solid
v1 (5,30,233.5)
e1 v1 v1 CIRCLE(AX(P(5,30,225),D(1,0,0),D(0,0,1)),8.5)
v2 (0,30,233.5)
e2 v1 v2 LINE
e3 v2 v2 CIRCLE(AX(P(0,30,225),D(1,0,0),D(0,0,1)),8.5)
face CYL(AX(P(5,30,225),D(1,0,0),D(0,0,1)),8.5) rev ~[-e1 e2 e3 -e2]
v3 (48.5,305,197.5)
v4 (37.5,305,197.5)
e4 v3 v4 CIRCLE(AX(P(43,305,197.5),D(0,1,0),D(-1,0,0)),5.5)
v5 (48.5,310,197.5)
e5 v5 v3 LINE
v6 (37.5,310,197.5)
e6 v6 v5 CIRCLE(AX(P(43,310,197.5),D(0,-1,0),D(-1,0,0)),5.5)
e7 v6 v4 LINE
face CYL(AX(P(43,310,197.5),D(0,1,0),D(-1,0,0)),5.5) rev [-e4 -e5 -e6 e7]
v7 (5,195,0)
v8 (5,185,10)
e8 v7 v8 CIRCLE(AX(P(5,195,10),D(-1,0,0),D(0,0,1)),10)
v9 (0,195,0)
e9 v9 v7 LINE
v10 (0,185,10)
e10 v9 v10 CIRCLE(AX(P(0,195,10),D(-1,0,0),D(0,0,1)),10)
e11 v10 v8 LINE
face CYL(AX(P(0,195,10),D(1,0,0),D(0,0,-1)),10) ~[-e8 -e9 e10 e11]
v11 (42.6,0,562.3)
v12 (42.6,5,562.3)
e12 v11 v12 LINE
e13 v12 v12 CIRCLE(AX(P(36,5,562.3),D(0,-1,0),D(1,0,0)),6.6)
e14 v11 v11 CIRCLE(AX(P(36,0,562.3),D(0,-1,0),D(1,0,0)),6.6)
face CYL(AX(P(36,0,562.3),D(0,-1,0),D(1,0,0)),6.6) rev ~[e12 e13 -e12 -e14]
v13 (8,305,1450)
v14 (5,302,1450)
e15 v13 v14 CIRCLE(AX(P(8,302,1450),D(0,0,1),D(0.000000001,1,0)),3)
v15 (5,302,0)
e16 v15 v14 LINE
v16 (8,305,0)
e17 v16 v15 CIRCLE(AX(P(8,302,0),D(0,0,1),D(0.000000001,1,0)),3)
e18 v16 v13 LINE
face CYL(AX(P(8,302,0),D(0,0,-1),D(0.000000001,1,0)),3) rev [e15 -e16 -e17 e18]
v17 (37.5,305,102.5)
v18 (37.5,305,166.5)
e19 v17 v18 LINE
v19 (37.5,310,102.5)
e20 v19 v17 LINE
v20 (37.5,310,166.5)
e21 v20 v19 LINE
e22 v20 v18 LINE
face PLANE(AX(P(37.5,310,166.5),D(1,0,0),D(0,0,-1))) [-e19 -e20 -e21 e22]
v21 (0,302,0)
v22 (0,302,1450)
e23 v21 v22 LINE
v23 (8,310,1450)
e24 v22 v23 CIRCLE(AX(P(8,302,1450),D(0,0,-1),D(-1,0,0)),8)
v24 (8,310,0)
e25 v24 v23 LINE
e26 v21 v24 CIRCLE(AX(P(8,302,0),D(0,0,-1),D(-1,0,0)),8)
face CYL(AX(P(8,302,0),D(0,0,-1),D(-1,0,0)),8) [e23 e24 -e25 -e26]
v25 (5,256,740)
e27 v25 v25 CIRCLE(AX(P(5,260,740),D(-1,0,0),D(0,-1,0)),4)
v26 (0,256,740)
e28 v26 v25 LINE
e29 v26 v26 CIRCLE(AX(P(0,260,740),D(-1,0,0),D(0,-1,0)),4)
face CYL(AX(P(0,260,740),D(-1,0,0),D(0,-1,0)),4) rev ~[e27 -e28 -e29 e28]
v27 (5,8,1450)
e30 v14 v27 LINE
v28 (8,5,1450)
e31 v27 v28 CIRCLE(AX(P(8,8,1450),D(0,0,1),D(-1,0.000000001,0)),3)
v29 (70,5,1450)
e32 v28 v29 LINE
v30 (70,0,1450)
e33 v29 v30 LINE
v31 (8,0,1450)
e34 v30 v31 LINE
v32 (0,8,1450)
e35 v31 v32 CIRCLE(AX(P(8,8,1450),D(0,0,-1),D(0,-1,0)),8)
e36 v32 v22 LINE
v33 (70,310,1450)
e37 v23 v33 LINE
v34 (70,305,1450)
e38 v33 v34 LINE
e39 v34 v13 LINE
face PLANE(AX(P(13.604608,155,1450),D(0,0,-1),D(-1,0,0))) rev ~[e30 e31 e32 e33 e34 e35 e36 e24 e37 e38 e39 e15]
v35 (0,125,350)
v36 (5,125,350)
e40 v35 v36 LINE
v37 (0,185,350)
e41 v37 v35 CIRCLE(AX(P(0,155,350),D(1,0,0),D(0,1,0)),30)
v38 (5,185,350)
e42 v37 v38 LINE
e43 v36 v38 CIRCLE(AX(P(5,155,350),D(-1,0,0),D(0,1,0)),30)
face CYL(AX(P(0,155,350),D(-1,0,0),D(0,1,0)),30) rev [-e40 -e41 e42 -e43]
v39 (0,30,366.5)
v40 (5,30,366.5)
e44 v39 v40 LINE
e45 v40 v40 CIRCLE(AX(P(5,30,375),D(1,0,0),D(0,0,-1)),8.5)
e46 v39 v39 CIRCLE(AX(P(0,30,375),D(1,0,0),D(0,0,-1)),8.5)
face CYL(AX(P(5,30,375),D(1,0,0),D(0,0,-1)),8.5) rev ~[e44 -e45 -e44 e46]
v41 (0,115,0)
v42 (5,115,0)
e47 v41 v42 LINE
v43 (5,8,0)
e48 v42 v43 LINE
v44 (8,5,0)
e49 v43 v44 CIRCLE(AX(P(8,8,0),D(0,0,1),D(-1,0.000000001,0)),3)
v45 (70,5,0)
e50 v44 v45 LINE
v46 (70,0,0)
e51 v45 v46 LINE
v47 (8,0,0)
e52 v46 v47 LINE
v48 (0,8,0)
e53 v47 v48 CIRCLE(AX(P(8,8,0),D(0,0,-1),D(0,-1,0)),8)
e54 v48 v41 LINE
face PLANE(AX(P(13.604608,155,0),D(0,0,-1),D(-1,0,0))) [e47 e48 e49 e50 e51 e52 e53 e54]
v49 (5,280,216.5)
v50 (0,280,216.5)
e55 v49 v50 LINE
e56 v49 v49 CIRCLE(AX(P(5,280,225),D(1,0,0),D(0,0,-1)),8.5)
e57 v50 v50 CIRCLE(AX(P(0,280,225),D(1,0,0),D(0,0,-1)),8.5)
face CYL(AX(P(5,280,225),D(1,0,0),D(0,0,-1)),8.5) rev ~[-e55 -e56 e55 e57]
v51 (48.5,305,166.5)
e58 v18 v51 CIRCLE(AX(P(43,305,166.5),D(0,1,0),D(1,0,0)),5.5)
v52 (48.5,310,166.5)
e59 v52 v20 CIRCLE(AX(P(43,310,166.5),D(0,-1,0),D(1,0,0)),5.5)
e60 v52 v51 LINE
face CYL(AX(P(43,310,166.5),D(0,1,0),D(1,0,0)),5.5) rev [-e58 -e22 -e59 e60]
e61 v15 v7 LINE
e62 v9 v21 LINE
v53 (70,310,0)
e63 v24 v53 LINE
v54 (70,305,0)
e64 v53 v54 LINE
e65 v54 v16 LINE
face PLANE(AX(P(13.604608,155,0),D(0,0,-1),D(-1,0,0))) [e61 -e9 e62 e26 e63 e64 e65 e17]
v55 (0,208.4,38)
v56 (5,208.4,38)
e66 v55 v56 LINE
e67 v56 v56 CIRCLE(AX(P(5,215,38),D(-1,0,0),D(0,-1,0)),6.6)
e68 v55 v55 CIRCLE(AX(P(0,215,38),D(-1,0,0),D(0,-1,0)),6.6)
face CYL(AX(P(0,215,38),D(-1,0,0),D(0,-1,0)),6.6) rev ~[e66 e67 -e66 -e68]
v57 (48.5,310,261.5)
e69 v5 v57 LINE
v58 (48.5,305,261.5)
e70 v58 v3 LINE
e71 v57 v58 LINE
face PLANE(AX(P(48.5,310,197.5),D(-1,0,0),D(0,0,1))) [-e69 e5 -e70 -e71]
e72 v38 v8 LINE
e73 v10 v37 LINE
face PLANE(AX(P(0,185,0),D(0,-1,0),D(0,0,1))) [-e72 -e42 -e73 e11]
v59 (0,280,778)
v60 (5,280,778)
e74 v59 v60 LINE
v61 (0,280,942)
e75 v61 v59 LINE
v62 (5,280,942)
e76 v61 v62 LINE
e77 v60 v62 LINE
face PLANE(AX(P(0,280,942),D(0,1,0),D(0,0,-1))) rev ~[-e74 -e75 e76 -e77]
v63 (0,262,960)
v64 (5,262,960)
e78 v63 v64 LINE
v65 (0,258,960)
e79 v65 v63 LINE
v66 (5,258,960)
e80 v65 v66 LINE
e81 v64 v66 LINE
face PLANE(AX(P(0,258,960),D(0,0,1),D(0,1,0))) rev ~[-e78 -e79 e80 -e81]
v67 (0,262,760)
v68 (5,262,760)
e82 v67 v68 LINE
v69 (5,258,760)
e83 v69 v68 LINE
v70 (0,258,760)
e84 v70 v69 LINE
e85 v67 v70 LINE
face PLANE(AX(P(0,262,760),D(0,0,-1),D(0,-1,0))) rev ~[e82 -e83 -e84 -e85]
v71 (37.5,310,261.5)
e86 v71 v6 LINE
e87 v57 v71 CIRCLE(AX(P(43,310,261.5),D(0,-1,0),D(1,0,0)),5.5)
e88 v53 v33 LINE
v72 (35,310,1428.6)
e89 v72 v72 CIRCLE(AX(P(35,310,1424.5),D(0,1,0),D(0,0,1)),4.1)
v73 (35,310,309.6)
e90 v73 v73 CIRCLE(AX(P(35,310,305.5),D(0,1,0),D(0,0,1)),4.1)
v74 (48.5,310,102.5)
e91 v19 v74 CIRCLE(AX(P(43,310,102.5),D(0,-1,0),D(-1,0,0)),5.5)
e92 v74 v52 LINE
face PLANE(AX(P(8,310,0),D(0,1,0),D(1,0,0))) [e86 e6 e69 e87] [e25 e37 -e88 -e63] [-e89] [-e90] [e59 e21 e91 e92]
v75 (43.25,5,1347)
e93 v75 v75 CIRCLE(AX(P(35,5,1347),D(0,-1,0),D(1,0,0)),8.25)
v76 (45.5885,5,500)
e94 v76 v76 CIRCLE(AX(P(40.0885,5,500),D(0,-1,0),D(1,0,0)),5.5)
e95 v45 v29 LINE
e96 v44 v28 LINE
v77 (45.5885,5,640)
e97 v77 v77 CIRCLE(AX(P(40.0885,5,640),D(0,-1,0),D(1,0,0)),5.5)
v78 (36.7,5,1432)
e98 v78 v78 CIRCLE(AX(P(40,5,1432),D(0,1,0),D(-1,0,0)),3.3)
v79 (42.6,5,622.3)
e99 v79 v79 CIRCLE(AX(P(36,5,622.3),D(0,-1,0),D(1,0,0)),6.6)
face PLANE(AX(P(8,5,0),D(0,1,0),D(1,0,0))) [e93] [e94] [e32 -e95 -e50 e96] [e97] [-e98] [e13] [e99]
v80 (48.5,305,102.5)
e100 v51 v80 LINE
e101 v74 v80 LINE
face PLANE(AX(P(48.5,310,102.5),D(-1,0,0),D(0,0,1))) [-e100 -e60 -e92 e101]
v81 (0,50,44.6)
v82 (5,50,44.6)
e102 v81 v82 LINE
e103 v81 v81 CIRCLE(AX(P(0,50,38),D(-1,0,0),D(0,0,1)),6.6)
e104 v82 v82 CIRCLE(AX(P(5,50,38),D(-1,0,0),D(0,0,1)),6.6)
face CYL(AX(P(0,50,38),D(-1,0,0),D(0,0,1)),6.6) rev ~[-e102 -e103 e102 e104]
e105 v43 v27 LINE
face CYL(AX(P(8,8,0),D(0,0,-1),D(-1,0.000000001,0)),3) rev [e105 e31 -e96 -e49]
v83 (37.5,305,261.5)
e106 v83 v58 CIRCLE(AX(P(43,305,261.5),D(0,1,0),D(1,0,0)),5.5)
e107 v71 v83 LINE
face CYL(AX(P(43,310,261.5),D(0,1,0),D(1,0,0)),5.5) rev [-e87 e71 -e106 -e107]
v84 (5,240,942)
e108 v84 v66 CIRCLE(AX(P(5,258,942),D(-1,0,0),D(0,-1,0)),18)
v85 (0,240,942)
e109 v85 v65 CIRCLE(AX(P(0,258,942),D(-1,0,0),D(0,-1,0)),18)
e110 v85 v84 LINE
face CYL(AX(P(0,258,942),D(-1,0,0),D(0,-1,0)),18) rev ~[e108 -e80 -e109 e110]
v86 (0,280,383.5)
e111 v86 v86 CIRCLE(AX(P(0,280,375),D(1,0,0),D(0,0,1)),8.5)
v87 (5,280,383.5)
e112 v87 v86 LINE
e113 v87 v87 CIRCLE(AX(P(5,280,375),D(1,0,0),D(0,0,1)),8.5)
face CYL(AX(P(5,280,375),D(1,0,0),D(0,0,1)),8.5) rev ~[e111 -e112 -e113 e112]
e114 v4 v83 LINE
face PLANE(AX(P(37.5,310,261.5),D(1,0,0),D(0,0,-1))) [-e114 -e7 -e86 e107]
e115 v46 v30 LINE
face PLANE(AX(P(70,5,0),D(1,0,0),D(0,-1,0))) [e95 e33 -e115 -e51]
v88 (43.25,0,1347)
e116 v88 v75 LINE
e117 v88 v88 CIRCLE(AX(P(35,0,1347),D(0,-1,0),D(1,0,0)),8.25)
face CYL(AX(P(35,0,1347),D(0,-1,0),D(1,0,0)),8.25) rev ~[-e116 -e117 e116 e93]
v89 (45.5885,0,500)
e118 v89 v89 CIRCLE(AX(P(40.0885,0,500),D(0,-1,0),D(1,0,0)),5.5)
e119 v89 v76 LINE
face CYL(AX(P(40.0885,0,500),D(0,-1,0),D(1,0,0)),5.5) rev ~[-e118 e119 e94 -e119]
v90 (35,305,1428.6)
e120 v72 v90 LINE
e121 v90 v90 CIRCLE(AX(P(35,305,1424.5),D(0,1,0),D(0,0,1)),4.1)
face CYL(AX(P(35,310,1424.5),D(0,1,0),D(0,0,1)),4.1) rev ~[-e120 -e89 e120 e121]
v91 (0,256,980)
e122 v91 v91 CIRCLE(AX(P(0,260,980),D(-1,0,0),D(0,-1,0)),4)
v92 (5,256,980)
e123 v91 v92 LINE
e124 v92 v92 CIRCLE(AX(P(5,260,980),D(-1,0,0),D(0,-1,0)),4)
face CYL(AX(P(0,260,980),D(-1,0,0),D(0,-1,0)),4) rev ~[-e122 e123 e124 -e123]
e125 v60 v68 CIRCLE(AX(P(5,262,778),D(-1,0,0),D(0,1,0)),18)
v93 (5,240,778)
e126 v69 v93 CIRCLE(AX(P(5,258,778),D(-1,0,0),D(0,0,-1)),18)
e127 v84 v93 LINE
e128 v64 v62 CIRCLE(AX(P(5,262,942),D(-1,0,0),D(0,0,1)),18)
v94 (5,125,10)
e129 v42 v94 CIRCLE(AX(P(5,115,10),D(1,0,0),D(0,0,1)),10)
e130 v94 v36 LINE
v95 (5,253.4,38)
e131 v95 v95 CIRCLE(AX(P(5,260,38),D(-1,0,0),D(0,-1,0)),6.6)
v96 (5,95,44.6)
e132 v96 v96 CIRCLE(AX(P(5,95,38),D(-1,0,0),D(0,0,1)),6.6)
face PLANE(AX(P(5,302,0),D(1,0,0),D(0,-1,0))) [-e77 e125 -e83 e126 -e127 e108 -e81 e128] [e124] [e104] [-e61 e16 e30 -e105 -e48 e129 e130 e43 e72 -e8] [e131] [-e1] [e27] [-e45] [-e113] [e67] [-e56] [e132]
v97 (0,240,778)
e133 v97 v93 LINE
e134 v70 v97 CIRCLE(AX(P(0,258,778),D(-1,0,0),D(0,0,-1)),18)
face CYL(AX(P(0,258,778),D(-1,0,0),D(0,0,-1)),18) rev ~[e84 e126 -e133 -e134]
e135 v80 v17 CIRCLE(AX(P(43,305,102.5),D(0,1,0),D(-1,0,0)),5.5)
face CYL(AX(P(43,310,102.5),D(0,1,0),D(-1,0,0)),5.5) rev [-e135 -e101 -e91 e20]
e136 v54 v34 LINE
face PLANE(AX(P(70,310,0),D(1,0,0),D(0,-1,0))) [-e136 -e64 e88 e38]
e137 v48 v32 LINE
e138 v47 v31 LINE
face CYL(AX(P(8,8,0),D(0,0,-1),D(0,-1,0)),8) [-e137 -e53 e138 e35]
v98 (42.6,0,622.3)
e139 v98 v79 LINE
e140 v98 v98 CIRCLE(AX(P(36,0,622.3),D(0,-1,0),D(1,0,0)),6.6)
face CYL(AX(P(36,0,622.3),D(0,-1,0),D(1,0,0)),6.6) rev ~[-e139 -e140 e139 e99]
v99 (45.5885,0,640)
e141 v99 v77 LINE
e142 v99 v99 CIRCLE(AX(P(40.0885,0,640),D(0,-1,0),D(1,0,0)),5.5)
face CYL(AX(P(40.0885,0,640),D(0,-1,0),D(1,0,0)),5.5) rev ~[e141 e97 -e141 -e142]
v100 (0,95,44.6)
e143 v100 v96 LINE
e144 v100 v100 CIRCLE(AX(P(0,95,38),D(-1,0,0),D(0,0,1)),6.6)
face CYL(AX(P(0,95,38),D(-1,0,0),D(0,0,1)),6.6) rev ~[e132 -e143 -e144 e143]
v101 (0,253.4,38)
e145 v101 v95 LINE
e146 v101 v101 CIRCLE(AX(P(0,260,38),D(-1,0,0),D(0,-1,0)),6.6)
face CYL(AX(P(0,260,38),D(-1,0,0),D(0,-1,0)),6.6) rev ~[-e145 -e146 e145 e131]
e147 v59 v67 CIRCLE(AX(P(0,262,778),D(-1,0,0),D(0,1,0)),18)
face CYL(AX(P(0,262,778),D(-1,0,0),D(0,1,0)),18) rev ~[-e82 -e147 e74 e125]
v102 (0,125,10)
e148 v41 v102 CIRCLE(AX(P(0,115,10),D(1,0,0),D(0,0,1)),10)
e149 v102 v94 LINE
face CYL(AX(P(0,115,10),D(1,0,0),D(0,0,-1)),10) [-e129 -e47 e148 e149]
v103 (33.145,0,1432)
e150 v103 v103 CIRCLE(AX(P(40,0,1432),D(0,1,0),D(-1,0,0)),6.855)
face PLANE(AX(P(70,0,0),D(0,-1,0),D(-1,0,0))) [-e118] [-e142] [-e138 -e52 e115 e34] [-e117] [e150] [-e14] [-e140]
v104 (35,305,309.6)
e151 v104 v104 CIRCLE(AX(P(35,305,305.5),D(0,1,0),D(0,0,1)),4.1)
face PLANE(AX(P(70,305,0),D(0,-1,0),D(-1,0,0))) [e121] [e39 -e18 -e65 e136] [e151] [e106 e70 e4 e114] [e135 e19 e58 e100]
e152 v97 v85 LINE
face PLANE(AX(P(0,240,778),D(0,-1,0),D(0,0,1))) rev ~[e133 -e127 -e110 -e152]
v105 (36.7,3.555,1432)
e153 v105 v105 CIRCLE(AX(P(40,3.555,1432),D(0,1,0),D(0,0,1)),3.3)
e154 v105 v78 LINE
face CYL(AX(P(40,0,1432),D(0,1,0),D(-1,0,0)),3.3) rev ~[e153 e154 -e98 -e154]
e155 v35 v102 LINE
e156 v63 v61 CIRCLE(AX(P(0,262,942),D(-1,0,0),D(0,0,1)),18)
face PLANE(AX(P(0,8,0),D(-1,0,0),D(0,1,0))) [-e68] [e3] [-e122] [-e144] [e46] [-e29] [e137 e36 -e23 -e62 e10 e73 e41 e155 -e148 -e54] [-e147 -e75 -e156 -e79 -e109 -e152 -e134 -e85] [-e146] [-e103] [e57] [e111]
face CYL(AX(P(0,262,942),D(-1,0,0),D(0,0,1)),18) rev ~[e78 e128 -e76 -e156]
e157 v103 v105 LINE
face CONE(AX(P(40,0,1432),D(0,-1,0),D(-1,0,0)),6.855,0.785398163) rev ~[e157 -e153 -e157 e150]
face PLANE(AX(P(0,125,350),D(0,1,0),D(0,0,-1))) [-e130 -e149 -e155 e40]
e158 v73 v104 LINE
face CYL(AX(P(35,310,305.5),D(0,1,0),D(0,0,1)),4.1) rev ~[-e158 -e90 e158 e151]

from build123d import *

# Parameters (mm, degrees)
EXTRUDE_1_DEPTH             = 1450
CUT_EXTRUDE_705_DEPTH       = 10
SKETCH_3_R                  = 8.5
CUT_EXTRUDE_1476_DEPTH      = 5
SKETCH_9_R                  = 4
CUT_EXTRUDE_2268_DEPTH      = 10
SKETCH_12_R                 = 6.6
CUT_EXTRUDE_3079_DEPTH      = 10
CUT_EXTRUDE_3564_DEPTH      = 10
SKETCH_17_R                 = 6.6
CUT_EXTRUDE_3911_DEPTH      = 10
FILLET_1_R                  = 10
SKETCH_21_R                 = 4.1
CUT_EXTRUDE_1_DEPTH         = 5
SKETCH_22_R                 = 5.5
CUT_EXTRUDE_4798_DEPTH      = 5
SKETCH_23_R                 = 8.25
CUT_EXTRUDE_5030_DEPTH      = 10
SKETCH_24_R                 = 4.1
CUT_EXTRUDE_2_DEPTH         = 10
HOLE_WIZARD_M61_D           = 6.6
HOLE_WIZARD_M61_DEPTH       = 10
HOLE_WIZARD_M61_CSINK_D     = 13.71
HOLE_WIZARD_M61_CSINK_ANGLE = 90
HOLE_WIZARD_M61_TIP         = 1.982840043


with BuildPart() as part:
    # Эскиз1 → Бобышка-Вытянуть1 (new body)
    with BuildSketch(Plane.XY):
        with BuildLine():
            Line((70, 0), (8, 0))
            ThreePointArc((8, 0), (2.343145751, 2.343145751), (0, 8))
            Line((0, 8), (0, 302))
            ThreePointArc((0, 302), (2.343145751, 307.656854249), (8, 310))
            Line((8, 310), (70, 310))
            Line((70, 310), (70, 305))
            Line((70, 305), (8, 305))
            ThreePointArc((8, 305), (5.878679656, 304.121320344), (5, 302))
            Line((5, 302), (5, 8))
            ThreePointArc((5, 8), (5.878679656, 5.878679656), (8, 5))
            Line((8, 5), (70, 5))
            Line((70, 5), (70, 0))
        make_face()
    extrude(amount=EXTRUDE_1_DEPTH)

    # Эскиз2 → Cut-Extrude 705 (cut)
    with BuildSketch(Plane.ZY):
        with BuildLine():
            Line((350, 125), (0, 125))
            Line((0, 125), (0, 185))
            Line((0, 185), (350, 185))
            ThreePointArc((350, 185), (380, 155), (350, 125))
        make_face()
    extrude(amount=-CUT_EXTRUDE_705_DEPTH, mode=Mode.SUBTRACT)

    # Эскиз3 → Cut-Extrude 1476 (cut, symmetric)
    with BuildSketch(Plane(origin=(5, 0, 0), x_dir=(0, 0, -1), z_dir=(1, 0, 0))):
        with Locations((-225, 280)):
            Circle(SKETCH_3_R)
        with Locations(Location((-225, 30, 0), (0, 0, 180))):
            Circle(SKETCH_3_R)
        with Locations(Location((-375, 280, 0), (0, 0, 180))):
            Circle(SKETCH_3_R)
        with Locations((-375, 30)):
            Circle(SKETCH_3_R)
    extrude(amount=CUT_EXTRUDE_1476_DEPTH, both=True, mode=Mode.SUBTRACT)

    # Эскиз9 → Cut-Extrude 2268 (cut)
    with BuildSketch(Plane.ZY):
        with Locations(Location((740, 260, 0), (0, 0, 270))):
            Circle(SKETCH_9_R)
        with Locations(Location((980, 260, 0), (0, 0, 270))):
            Circle(SKETCH_9_R)
        with BuildLine():
            Line((778, 240), (942, 240))
            ThreePointArc((942, 240), (954.727922061, 245.272077939), (960, 258))
            Line((960, 258), (960, 262))
            ThreePointArc((960, 262), (954.727922061, 274.727922061), (942, 280))
            Line((942, 280), (778, 280))
            ThreePointArc((778, 280), (765.272077939, 274.727922061), (760, 262))
            Line((760, 262), (760, 258))
            ThreePointArc((760, 258), (765.272077939, 245.272077939), (778, 240))
        make_face()
    extrude(amount=-CUT_EXTRUDE_2268_DEPTH, mode=Mode.SUBTRACT)

    # Эскиз12 → Cut-Extrude 3079 (cut)
    with BuildSketch(Plane.ZY):
        with Locations(Location((38, 215, 0), (0, 0, 270))):
            Circle(SKETCH_12_R)
        with Locations(Location((38, 260, 0), (0, 0, 270))):
            Circle(SKETCH_12_R)
        with Locations((38, 95)):
            Circle(SKETCH_12_R)
        with Locations((38, 50)):
            Circle(SKETCH_12_R)
    extrude(amount=-CUT_EXTRUDE_3079_DEPTH, mode=Mode.SUBTRACT)

    # Эскиз13 → Cut-Extrude 3564 (cut)
    with BuildSketch(Plane(origin=(0, 310, 0), x_dir=(1, 0, 0), z_dir=(0, 1, 0))):
        with BuildLine():
            Line((37.5, -166.5), (37.5, -102.5))
            ThreePointArc((37.5, -102.5), (43, -97), (48.5, -102.5))
            Line((48.5, -102.5), (48.5, -166.5))
            ThreePointArc((48.5, -166.5), (43, -172), (37.5, -166.5))
        make_face()
        with BuildLine():
            Line((37.5, -261.5), (37.5, -197.5))
            ThreePointArc((37.5, -197.5), (43, -192), (48.5, -197.5))
            Line((48.5, -197.5), (48.5, -261.5))
            ThreePointArc((48.5, -261.5), (43, -267), (37.5, -261.5))
        make_face()
    extrude(amount=-CUT_EXTRUDE_3564_DEPTH, mode=Mode.SUBTRACT)

    # Эскиз17 → Cut-Extrude 3911 (cut)
    with BuildSketch(Plane(origin=(0, 0, 0), x_dir=(-1, 0, 0), z_dir=(0, -1, 0))):
        with Locations(Location((-36, -562.3, 0), (0, 0, 180))):
            Circle(SKETCH_17_R)
        with Locations(Location((-36, -622.3, 0), (0, 0, 180))):
            Circle(SKETCH_17_R)
    extrude(amount=-CUT_EXTRUDE_3911_DEPTH, mode=Mode.SUBTRACT)

    # Скругление1
    fillet_1_edges = [part.edges().sort_by_distance(p)[0] for p in [
        (2.5, 185, 0),
        (2.5, 125, 0),
    ]]
    fillet(fillet_1_edges, radius=FILLET_1_R)

    # Эскиз21 → Отверстия крепления крышки 1 (cut)
    with BuildSketch(Plane(origin=(0, 310, 0), x_dir=(1, 0, 0), z_dir=(0, 1, 0))):
        with Locations(Location((35, -305.5, 0), (0, 0, 270))):
            Circle(SKETCH_21_R)
    extrude(amount=-CUT_EXTRUDE_1_DEPTH, mode=Mode.SUBTRACT)

    # Эскиз22 → Cut-Extrude 4798 (cut)
    with BuildSketch(Plane.XZ):
        with Locations((40.0885, 500)):
            Circle(SKETCH_22_R)
        with Locations((40.0885, 640)):
            Circle(SKETCH_22_R)
    extrude(amount=-CUT_EXTRUDE_4798_DEPTH, mode=Mode.SUBTRACT)

    # Эскиз23 → Cut-Extrude 5030 (cut)
    with BuildSketch(Plane.XZ):
        with Locations((35, 1347)):
            Circle(SKETCH_23_R)
    extrude(amount=-CUT_EXTRUDE_5030_DEPTH, mode=Mode.SUBTRACT)

    # Эскиз24 → Отверстие крепления крышки 2 (cut)
    with BuildSketch(Plane(origin=(0, 310, 0), x_dir=(1, 0, 0), z_dir=(0, 1, 0))):
        with Locations(Location((35, -1424.5, 0), (0, 0, 270))):
            Circle(SKETCH_24_R)
    extrude(amount=-CUT_EXTRUDE_2_DEPTH, mode=Mode.SUBTRACT)

    # Зенковка для винта с потайной головкой и внутренним шестигранником M61
    with Locations(Plane.XZ):
        with Locations((40, 1432)):
            CounterSinkHole(HOLE_WIZARD_M61_D / 2, HOLE_WIZARD_M61_CSINK_D / 2, depth=HOLE_WIZARD_M61_DEPTH, counter_sink_angle=HOLE_WIZARD_M61_CSINK_ANGLE)
            with Locations((0, 0, -(HOLE_WIZARD_M61_DEPTH + HOLE_WIZARD_M61_TIP / 2))):  # 118° drill point
                Cone(0, HOLE_WIZARD_M61_D / 2, HOLE_WIZARD_M61_TIP, mode=Mode.SUBTRACT)


solid = part.part
